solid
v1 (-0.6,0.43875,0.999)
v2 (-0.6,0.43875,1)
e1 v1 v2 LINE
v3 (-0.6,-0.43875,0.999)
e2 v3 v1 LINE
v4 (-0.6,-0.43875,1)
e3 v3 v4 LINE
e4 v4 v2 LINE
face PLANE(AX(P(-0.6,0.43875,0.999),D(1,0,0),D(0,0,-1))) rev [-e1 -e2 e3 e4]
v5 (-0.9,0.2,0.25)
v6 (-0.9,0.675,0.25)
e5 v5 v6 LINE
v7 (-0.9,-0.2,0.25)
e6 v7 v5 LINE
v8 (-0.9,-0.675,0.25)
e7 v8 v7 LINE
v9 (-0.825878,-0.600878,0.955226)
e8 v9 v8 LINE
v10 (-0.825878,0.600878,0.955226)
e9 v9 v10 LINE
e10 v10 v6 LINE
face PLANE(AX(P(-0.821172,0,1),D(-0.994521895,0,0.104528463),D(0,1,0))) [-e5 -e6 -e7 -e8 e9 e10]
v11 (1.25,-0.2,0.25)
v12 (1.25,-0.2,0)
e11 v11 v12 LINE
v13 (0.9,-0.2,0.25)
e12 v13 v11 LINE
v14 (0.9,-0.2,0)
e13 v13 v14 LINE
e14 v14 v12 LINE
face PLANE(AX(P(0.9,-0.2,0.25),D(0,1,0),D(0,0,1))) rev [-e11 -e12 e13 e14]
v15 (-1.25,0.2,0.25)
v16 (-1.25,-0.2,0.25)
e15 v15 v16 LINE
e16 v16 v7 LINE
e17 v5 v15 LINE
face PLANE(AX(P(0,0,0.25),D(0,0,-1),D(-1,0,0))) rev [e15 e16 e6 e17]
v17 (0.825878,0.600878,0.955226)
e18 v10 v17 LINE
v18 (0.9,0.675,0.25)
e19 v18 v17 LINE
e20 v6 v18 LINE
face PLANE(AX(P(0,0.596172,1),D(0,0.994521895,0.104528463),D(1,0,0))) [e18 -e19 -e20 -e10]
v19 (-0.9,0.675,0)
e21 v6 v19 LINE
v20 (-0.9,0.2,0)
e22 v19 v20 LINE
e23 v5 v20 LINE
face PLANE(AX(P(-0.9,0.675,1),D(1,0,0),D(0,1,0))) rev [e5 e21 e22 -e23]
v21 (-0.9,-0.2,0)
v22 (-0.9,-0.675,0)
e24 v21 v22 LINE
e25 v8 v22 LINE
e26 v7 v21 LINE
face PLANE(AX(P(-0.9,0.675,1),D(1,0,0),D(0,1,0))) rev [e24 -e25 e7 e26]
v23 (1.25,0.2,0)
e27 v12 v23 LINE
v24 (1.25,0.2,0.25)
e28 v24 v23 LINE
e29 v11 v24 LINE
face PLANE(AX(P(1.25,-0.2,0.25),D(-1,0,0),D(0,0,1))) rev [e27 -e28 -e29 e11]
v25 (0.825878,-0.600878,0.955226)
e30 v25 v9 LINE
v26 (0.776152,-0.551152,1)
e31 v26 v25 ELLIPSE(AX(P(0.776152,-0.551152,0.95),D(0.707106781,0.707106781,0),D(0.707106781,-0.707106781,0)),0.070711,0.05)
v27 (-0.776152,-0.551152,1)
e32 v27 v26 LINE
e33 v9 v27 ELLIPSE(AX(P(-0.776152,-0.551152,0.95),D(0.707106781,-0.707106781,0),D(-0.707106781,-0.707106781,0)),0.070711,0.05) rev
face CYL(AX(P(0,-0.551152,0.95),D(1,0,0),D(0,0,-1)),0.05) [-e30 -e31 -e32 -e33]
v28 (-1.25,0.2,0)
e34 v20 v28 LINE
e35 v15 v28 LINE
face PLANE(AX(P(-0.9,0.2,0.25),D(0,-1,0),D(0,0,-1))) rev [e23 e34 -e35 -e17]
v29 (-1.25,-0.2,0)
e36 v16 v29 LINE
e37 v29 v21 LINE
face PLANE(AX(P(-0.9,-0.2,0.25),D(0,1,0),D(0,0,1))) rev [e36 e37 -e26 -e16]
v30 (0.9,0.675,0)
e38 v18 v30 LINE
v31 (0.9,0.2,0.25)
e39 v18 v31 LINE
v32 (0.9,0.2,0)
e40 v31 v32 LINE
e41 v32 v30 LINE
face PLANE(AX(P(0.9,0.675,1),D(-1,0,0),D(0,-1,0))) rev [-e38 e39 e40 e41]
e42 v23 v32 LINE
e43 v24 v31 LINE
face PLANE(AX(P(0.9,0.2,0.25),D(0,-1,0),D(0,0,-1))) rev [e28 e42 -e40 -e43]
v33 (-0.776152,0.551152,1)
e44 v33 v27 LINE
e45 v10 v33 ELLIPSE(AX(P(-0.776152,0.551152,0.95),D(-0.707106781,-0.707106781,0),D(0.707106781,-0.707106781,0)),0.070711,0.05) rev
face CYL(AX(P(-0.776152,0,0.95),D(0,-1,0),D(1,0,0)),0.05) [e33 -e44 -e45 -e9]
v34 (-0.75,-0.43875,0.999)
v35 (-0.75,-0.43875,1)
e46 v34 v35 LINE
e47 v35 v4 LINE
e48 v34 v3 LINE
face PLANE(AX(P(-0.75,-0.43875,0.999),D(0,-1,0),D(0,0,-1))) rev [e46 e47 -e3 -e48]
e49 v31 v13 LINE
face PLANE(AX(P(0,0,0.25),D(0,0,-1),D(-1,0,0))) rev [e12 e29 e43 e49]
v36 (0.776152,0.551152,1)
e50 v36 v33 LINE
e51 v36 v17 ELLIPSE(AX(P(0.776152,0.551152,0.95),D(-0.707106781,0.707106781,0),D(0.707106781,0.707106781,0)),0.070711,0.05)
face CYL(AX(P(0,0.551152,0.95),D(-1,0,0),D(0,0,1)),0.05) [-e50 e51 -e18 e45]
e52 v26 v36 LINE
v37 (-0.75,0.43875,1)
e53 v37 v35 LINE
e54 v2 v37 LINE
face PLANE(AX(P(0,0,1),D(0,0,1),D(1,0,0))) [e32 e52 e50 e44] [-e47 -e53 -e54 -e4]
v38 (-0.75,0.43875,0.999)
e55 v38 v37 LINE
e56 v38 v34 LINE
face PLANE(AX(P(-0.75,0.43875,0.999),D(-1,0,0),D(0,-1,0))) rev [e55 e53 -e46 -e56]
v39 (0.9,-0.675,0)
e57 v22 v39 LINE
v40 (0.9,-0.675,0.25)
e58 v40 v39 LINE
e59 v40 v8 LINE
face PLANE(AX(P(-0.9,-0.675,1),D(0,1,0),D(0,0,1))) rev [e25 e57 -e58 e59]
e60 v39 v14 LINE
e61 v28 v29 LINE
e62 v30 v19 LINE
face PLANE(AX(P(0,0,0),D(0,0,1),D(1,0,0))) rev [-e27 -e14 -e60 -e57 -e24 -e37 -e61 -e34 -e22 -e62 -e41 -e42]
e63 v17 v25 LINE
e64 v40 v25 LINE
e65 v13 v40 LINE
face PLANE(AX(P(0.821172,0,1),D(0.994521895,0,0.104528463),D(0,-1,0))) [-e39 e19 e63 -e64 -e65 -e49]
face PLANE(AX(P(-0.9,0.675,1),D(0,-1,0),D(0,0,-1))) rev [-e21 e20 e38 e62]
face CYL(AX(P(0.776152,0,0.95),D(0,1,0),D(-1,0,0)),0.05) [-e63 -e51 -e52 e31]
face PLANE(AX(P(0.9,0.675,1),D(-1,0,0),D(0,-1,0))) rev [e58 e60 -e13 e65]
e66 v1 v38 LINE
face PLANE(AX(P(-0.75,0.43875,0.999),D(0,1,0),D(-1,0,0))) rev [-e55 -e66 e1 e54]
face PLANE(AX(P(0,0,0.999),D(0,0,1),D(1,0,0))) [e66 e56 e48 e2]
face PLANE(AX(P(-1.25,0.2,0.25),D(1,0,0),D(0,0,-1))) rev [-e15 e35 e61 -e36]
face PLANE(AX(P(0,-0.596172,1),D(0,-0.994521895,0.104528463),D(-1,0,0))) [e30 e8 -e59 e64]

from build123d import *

# Parameters (mm, degrees)
SKBODY_W              = 1.8
SKBODY_H              = 1.35
BOSS_BODY_DEPTH       = 1
CHAMFER1_SIZE         = 0.75
CHAMFER1_SIZE2        = 0.078828176
CHAMFER1_PART_2_SIZE  = 0.75
CHAMFER1_PART_2_SIZE2 = 0.078828176
CHAMFER1_PART_3_SIZE  = 0.75
CHAMFER1_PART_3_SIZE2 = 0.078828176
CHAMFER1_PART_4_SIZE  = 0.75
CHAMFER1_PART_4_SIZE2 = 0.078828176
FILLET1_R             = 0.05
SKPOLARITY_W          = 0.15
SKPOLARITY_H          = 0.8775
CUT_PMARK_DEPTH       = 0.001
SKLEADS_W             = 0.35
SKLEADS_H             = 0.4
BOSS_LEADS_DEPTH      = 0.25


with BuildPart() as part:
    # SkBody → Boss-Body (new body)
    with BuildSketch(Plane.XY):
        Rectangle(SKBODY_W, SKBODY_H)
    extrude(amount=BOSS_BODY_DEPTH)

    # Chamfer1
    chamfer1_edges = [part.edges().sort_by_distance(p)[0] for p in [
        (-0.9, 0, 1),
    ]]
    chamfer1_side = [part.faces().sort_by_distance(p)[0] for p in [
        (-0.9, 0, 0.5),
    ]]
    chamfer(chamfer1_edges, length=CHAMFER1_SIZE, length2=CHAMFER1_SIZE2, reference=chamfer1_side[0])

    # Chamfer1 part 2
    chamfer1_part_2_edges = [part.edges().sort_by_distance(p)[0] for p in [
        (0, -0.675, 1),
    ]]
    chamfer1_part_2_side = [part.faces().sort_by_distance(p)[0] for p in [
        (0, -0.675, 0.5),
    ]]
    chamfer(chamfer1_part_2_edges, length=CHAMFER1_PART_2_SIZE, length2=CHAMFER1_PART_2_SIZE2, reference=chamfer1_part_2_side[0])

    # Chamfer1 part 3
    chamfer1_part_3_edges = [part.edges().sort_by_distance(p)[0] for p in [
        (0.9, 0, 1),
    ]]
    chamfer1_part_3_side = [part.faces().sort_by_distance(p)[0] for p in [
        (0.9, 0, 0.5),
    ]]
    chamfer(chamfer1_part_3_edges, length=CHAMFER1_PART_3_SIZE, length2=CHAMFER1_PART_3_SIZE2, reference=chamfer1_part_3_side[0])

    # Chamfer1 part 4
    chamfer1_part_4_edges = [part.edges().sort_by_distance(p)[0] for p in [
        (0, 0.675, 1),
    ]]
    chamfer1_part_4_side = [part.faces().sort_by_distance(p)[0] for p in [
        (0, 0.675, 0.5),
    ]]
    chamfer(chamfer1_part_4_edges, length=CHAMFER1_PART_4_SIZE, length2=CHAMFER1_PART_4_SIZE2, reference=chamfer1_part_4_side[0])

    # Fillet1
    fillet1_edges = [part.edges().sort_by_distance(p)[0] for p in [
        (0.821171824, 0, 1),
        (0, 0.596171824, 1),
        (-0.821171824, 0, 1),
        (0, -0.596171824, 1),
    ]]
    fillet(fillet1_edges, radius=FILLET1_R)

    # SkPolarity → Cut-PMark (cut)
    with BuildSketch(Plane.XY.offset(1)):
        with Locations((-0.675, 0)):
            Rectangle(SKPOLARITY_W, SKPOLARITY_H)
    extrude(amount=-CUT_PMARK_DEPTH, mode=Mode.SUBTRACT)

    # SkLeads → Boss-Leads (add)
    with BuildSketch(Plane.XY):
        with Locations((1.075, 0)):
            Rectangle(SKLEADS_W, SKLEADS_H)
        with Locations((-1.075, 0)):
            Rectangle(SKLEADS_W, SKLEADS_H)
    extrude(amount=BOSS_LEADS_DEPTH)


solid = part.part
